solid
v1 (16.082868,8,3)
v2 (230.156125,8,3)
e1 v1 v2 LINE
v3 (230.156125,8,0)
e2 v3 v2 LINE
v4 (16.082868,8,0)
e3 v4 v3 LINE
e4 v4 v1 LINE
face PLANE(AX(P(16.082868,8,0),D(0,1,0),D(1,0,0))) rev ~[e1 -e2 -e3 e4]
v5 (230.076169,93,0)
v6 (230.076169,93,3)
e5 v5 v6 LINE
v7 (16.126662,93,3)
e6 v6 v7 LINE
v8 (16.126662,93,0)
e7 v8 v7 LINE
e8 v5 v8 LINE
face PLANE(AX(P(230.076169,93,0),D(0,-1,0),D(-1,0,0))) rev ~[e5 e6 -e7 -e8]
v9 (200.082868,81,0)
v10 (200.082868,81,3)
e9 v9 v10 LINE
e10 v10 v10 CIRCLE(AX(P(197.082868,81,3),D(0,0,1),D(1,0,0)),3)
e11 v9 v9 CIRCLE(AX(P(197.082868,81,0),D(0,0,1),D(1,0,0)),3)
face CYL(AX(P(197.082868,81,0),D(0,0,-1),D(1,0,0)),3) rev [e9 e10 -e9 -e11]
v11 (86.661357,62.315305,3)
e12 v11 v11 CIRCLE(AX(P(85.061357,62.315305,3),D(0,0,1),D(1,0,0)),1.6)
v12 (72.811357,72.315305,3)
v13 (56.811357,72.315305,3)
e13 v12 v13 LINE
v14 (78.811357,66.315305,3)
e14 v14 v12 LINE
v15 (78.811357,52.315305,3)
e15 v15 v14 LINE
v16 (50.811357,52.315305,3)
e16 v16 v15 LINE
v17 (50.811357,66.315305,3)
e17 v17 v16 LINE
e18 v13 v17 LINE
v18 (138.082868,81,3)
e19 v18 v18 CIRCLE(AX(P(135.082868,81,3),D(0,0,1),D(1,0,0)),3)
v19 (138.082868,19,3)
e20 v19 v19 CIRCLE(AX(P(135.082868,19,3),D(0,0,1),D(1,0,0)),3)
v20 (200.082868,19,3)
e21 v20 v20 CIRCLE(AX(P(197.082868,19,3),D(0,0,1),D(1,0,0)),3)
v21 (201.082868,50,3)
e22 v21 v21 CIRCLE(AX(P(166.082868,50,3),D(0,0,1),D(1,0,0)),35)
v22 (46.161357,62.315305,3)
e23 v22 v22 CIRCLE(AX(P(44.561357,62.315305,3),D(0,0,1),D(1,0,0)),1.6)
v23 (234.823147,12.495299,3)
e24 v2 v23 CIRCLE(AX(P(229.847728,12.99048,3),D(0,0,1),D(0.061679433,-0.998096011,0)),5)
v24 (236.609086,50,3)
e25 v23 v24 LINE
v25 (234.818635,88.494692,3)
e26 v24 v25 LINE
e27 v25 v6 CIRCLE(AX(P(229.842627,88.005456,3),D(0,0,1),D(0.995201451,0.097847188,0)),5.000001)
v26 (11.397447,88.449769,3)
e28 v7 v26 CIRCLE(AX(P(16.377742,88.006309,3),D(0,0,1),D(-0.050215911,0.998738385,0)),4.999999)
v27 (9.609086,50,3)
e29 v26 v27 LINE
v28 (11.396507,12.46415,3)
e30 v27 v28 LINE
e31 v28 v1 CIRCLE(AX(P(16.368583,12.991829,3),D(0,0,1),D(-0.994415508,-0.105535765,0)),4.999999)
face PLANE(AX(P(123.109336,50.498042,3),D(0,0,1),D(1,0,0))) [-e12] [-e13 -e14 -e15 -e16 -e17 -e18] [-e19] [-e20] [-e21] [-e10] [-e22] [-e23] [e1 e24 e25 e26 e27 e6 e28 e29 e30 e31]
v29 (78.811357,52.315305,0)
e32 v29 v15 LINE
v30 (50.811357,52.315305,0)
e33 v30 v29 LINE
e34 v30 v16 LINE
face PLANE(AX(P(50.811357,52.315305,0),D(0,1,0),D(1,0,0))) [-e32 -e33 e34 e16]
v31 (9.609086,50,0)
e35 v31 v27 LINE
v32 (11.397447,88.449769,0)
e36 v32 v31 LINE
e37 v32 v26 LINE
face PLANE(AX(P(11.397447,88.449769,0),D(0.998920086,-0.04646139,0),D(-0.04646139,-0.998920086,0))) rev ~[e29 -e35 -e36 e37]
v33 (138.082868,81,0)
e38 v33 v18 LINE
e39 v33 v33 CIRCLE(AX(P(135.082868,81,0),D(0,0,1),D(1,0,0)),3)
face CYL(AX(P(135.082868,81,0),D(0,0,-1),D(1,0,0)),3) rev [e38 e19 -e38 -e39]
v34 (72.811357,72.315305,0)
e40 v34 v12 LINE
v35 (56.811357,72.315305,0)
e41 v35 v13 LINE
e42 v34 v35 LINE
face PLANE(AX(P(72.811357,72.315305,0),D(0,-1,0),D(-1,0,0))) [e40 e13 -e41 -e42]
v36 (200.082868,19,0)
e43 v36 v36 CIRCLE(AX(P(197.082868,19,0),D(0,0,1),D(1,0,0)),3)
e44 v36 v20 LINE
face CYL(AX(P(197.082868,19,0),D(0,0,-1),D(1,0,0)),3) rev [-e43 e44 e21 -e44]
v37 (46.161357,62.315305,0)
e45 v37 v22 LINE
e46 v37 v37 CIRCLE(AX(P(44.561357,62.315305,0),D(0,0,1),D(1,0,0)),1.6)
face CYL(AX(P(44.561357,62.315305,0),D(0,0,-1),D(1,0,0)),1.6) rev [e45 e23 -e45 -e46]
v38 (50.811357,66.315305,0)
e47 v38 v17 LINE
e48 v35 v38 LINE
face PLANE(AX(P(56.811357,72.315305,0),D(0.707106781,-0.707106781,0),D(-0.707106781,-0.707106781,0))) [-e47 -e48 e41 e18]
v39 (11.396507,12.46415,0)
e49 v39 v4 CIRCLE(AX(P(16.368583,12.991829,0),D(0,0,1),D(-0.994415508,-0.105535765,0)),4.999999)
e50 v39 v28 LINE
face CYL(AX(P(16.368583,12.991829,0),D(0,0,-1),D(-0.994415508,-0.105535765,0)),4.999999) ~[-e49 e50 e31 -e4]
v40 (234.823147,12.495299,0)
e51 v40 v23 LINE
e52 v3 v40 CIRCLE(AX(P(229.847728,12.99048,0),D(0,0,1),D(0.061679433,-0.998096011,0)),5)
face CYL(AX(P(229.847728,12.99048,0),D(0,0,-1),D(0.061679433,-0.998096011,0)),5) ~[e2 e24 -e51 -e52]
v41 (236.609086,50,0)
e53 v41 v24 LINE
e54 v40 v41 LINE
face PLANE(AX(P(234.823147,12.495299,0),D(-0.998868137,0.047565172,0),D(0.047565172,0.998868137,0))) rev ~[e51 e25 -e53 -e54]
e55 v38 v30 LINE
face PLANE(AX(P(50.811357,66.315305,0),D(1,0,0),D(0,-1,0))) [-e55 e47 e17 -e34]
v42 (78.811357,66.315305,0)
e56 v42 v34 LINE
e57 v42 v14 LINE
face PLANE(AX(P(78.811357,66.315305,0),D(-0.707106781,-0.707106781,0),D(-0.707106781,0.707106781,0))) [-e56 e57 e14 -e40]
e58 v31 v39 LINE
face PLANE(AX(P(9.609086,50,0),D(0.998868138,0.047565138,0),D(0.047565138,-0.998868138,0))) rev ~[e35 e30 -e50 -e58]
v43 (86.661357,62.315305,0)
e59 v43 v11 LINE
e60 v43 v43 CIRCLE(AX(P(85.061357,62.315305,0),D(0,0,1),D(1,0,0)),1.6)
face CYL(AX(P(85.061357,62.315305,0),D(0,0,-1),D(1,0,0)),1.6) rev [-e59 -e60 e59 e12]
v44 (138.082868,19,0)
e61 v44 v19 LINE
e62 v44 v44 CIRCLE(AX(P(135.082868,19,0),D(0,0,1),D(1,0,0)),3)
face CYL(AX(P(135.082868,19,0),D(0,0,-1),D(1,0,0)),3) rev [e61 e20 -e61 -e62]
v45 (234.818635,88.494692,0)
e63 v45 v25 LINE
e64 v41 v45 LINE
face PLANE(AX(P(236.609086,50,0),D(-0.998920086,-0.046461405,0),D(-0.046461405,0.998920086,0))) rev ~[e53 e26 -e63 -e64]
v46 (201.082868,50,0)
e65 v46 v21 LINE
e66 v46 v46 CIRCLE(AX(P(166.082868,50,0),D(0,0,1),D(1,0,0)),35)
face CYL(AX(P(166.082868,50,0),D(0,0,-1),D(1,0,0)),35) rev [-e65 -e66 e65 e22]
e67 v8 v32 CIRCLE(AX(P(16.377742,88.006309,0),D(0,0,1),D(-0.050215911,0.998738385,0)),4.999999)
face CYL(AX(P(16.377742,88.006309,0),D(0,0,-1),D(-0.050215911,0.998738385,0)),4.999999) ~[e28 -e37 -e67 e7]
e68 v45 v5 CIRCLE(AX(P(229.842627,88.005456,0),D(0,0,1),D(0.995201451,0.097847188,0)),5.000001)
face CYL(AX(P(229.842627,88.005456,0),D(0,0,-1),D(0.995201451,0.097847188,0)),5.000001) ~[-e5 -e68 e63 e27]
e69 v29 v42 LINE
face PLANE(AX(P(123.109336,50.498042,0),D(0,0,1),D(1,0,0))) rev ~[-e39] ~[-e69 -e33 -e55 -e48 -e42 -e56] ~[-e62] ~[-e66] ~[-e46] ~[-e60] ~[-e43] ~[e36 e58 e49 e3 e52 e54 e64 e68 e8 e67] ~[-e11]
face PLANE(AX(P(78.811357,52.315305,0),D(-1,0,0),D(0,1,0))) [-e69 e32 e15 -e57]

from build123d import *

# Parameters (mm, degrees)
SKETCH_R      = 1.6
SKETCH_R_2    = 3
SKETCH_R_3    = 35
EXTRUDE_DEPTH = 3


with BuildPart() as part:
    # Sketch → Extrude (new body)
    with BuildSketch(Plane.XY):
        with BuildLine():
            Line((16.082868, 8), (230.156125, 8))
            ThreePointArc((230.156125, 8), (233.316389, 9.389315), (234.823147, 12.495299))
            Line((234.823147, 12.495299), (236.609086, 50))
            Line((236.609086, 50), (234.818635, 88.494692))
            ThreePointArc((234.818635, 88.494692), (233.286361, 91.630467), (230.076169, 93))
            Line((230.076169, 93), (16.126662, 93))
            ThreePointArc((16.126662, 93), (12.911047, 91.609366), (11.397447, 88.449769))
            Line((11.397447, 88.449769), (9.609086, 50))
            Line((9.609086, 50), (11.396507, 12.46415))
            ThreePointArc((11.396507, 12.46415), (12.919924, 9.371506), (16.082868, 8))
        make_face()
        with Locations((44.561357, 62.315305)):
            Circle(SKETCH_R, mode=Mode.SUBTRACT)
        with Locations((85.061357, 62.315305)):
            Circle(SKETCH_R, mode=Mode.SUBTRACT)
        with Locations((135.082868, 81)):
            Circle(SKETCH_R_2, mode=Mode.SUBTRACT)
        with Locations((197.082868, 81)):
            Circle(SKETCH_R_2, mode=Mode.SUBTRACT)
        with Locations((197.082868, 19)):
            Circle(SKETCH_R_2, mode=Mode.SUBTRACT)
        with Locations((135.082868, 19)):
            Circle(SKETCH_R_2, mode=Mode.SUBTRACT)
        with Locations((166.082868, 50)):
            Circle(SKETCH_R_3, mode=Mode.SUBTRACT)
        Polygon((78.811357, 66.315305), (72.811357, 72.315305), (56.811357, 72.315305), (50.811357, 66.315305), (50.811357, 52.315305), (78.811357, 52.315305), align=None, mode=Mode.SUBTRACT)
    extrude(amount=EXTRUDE_DEPTH)


solid = part.part
